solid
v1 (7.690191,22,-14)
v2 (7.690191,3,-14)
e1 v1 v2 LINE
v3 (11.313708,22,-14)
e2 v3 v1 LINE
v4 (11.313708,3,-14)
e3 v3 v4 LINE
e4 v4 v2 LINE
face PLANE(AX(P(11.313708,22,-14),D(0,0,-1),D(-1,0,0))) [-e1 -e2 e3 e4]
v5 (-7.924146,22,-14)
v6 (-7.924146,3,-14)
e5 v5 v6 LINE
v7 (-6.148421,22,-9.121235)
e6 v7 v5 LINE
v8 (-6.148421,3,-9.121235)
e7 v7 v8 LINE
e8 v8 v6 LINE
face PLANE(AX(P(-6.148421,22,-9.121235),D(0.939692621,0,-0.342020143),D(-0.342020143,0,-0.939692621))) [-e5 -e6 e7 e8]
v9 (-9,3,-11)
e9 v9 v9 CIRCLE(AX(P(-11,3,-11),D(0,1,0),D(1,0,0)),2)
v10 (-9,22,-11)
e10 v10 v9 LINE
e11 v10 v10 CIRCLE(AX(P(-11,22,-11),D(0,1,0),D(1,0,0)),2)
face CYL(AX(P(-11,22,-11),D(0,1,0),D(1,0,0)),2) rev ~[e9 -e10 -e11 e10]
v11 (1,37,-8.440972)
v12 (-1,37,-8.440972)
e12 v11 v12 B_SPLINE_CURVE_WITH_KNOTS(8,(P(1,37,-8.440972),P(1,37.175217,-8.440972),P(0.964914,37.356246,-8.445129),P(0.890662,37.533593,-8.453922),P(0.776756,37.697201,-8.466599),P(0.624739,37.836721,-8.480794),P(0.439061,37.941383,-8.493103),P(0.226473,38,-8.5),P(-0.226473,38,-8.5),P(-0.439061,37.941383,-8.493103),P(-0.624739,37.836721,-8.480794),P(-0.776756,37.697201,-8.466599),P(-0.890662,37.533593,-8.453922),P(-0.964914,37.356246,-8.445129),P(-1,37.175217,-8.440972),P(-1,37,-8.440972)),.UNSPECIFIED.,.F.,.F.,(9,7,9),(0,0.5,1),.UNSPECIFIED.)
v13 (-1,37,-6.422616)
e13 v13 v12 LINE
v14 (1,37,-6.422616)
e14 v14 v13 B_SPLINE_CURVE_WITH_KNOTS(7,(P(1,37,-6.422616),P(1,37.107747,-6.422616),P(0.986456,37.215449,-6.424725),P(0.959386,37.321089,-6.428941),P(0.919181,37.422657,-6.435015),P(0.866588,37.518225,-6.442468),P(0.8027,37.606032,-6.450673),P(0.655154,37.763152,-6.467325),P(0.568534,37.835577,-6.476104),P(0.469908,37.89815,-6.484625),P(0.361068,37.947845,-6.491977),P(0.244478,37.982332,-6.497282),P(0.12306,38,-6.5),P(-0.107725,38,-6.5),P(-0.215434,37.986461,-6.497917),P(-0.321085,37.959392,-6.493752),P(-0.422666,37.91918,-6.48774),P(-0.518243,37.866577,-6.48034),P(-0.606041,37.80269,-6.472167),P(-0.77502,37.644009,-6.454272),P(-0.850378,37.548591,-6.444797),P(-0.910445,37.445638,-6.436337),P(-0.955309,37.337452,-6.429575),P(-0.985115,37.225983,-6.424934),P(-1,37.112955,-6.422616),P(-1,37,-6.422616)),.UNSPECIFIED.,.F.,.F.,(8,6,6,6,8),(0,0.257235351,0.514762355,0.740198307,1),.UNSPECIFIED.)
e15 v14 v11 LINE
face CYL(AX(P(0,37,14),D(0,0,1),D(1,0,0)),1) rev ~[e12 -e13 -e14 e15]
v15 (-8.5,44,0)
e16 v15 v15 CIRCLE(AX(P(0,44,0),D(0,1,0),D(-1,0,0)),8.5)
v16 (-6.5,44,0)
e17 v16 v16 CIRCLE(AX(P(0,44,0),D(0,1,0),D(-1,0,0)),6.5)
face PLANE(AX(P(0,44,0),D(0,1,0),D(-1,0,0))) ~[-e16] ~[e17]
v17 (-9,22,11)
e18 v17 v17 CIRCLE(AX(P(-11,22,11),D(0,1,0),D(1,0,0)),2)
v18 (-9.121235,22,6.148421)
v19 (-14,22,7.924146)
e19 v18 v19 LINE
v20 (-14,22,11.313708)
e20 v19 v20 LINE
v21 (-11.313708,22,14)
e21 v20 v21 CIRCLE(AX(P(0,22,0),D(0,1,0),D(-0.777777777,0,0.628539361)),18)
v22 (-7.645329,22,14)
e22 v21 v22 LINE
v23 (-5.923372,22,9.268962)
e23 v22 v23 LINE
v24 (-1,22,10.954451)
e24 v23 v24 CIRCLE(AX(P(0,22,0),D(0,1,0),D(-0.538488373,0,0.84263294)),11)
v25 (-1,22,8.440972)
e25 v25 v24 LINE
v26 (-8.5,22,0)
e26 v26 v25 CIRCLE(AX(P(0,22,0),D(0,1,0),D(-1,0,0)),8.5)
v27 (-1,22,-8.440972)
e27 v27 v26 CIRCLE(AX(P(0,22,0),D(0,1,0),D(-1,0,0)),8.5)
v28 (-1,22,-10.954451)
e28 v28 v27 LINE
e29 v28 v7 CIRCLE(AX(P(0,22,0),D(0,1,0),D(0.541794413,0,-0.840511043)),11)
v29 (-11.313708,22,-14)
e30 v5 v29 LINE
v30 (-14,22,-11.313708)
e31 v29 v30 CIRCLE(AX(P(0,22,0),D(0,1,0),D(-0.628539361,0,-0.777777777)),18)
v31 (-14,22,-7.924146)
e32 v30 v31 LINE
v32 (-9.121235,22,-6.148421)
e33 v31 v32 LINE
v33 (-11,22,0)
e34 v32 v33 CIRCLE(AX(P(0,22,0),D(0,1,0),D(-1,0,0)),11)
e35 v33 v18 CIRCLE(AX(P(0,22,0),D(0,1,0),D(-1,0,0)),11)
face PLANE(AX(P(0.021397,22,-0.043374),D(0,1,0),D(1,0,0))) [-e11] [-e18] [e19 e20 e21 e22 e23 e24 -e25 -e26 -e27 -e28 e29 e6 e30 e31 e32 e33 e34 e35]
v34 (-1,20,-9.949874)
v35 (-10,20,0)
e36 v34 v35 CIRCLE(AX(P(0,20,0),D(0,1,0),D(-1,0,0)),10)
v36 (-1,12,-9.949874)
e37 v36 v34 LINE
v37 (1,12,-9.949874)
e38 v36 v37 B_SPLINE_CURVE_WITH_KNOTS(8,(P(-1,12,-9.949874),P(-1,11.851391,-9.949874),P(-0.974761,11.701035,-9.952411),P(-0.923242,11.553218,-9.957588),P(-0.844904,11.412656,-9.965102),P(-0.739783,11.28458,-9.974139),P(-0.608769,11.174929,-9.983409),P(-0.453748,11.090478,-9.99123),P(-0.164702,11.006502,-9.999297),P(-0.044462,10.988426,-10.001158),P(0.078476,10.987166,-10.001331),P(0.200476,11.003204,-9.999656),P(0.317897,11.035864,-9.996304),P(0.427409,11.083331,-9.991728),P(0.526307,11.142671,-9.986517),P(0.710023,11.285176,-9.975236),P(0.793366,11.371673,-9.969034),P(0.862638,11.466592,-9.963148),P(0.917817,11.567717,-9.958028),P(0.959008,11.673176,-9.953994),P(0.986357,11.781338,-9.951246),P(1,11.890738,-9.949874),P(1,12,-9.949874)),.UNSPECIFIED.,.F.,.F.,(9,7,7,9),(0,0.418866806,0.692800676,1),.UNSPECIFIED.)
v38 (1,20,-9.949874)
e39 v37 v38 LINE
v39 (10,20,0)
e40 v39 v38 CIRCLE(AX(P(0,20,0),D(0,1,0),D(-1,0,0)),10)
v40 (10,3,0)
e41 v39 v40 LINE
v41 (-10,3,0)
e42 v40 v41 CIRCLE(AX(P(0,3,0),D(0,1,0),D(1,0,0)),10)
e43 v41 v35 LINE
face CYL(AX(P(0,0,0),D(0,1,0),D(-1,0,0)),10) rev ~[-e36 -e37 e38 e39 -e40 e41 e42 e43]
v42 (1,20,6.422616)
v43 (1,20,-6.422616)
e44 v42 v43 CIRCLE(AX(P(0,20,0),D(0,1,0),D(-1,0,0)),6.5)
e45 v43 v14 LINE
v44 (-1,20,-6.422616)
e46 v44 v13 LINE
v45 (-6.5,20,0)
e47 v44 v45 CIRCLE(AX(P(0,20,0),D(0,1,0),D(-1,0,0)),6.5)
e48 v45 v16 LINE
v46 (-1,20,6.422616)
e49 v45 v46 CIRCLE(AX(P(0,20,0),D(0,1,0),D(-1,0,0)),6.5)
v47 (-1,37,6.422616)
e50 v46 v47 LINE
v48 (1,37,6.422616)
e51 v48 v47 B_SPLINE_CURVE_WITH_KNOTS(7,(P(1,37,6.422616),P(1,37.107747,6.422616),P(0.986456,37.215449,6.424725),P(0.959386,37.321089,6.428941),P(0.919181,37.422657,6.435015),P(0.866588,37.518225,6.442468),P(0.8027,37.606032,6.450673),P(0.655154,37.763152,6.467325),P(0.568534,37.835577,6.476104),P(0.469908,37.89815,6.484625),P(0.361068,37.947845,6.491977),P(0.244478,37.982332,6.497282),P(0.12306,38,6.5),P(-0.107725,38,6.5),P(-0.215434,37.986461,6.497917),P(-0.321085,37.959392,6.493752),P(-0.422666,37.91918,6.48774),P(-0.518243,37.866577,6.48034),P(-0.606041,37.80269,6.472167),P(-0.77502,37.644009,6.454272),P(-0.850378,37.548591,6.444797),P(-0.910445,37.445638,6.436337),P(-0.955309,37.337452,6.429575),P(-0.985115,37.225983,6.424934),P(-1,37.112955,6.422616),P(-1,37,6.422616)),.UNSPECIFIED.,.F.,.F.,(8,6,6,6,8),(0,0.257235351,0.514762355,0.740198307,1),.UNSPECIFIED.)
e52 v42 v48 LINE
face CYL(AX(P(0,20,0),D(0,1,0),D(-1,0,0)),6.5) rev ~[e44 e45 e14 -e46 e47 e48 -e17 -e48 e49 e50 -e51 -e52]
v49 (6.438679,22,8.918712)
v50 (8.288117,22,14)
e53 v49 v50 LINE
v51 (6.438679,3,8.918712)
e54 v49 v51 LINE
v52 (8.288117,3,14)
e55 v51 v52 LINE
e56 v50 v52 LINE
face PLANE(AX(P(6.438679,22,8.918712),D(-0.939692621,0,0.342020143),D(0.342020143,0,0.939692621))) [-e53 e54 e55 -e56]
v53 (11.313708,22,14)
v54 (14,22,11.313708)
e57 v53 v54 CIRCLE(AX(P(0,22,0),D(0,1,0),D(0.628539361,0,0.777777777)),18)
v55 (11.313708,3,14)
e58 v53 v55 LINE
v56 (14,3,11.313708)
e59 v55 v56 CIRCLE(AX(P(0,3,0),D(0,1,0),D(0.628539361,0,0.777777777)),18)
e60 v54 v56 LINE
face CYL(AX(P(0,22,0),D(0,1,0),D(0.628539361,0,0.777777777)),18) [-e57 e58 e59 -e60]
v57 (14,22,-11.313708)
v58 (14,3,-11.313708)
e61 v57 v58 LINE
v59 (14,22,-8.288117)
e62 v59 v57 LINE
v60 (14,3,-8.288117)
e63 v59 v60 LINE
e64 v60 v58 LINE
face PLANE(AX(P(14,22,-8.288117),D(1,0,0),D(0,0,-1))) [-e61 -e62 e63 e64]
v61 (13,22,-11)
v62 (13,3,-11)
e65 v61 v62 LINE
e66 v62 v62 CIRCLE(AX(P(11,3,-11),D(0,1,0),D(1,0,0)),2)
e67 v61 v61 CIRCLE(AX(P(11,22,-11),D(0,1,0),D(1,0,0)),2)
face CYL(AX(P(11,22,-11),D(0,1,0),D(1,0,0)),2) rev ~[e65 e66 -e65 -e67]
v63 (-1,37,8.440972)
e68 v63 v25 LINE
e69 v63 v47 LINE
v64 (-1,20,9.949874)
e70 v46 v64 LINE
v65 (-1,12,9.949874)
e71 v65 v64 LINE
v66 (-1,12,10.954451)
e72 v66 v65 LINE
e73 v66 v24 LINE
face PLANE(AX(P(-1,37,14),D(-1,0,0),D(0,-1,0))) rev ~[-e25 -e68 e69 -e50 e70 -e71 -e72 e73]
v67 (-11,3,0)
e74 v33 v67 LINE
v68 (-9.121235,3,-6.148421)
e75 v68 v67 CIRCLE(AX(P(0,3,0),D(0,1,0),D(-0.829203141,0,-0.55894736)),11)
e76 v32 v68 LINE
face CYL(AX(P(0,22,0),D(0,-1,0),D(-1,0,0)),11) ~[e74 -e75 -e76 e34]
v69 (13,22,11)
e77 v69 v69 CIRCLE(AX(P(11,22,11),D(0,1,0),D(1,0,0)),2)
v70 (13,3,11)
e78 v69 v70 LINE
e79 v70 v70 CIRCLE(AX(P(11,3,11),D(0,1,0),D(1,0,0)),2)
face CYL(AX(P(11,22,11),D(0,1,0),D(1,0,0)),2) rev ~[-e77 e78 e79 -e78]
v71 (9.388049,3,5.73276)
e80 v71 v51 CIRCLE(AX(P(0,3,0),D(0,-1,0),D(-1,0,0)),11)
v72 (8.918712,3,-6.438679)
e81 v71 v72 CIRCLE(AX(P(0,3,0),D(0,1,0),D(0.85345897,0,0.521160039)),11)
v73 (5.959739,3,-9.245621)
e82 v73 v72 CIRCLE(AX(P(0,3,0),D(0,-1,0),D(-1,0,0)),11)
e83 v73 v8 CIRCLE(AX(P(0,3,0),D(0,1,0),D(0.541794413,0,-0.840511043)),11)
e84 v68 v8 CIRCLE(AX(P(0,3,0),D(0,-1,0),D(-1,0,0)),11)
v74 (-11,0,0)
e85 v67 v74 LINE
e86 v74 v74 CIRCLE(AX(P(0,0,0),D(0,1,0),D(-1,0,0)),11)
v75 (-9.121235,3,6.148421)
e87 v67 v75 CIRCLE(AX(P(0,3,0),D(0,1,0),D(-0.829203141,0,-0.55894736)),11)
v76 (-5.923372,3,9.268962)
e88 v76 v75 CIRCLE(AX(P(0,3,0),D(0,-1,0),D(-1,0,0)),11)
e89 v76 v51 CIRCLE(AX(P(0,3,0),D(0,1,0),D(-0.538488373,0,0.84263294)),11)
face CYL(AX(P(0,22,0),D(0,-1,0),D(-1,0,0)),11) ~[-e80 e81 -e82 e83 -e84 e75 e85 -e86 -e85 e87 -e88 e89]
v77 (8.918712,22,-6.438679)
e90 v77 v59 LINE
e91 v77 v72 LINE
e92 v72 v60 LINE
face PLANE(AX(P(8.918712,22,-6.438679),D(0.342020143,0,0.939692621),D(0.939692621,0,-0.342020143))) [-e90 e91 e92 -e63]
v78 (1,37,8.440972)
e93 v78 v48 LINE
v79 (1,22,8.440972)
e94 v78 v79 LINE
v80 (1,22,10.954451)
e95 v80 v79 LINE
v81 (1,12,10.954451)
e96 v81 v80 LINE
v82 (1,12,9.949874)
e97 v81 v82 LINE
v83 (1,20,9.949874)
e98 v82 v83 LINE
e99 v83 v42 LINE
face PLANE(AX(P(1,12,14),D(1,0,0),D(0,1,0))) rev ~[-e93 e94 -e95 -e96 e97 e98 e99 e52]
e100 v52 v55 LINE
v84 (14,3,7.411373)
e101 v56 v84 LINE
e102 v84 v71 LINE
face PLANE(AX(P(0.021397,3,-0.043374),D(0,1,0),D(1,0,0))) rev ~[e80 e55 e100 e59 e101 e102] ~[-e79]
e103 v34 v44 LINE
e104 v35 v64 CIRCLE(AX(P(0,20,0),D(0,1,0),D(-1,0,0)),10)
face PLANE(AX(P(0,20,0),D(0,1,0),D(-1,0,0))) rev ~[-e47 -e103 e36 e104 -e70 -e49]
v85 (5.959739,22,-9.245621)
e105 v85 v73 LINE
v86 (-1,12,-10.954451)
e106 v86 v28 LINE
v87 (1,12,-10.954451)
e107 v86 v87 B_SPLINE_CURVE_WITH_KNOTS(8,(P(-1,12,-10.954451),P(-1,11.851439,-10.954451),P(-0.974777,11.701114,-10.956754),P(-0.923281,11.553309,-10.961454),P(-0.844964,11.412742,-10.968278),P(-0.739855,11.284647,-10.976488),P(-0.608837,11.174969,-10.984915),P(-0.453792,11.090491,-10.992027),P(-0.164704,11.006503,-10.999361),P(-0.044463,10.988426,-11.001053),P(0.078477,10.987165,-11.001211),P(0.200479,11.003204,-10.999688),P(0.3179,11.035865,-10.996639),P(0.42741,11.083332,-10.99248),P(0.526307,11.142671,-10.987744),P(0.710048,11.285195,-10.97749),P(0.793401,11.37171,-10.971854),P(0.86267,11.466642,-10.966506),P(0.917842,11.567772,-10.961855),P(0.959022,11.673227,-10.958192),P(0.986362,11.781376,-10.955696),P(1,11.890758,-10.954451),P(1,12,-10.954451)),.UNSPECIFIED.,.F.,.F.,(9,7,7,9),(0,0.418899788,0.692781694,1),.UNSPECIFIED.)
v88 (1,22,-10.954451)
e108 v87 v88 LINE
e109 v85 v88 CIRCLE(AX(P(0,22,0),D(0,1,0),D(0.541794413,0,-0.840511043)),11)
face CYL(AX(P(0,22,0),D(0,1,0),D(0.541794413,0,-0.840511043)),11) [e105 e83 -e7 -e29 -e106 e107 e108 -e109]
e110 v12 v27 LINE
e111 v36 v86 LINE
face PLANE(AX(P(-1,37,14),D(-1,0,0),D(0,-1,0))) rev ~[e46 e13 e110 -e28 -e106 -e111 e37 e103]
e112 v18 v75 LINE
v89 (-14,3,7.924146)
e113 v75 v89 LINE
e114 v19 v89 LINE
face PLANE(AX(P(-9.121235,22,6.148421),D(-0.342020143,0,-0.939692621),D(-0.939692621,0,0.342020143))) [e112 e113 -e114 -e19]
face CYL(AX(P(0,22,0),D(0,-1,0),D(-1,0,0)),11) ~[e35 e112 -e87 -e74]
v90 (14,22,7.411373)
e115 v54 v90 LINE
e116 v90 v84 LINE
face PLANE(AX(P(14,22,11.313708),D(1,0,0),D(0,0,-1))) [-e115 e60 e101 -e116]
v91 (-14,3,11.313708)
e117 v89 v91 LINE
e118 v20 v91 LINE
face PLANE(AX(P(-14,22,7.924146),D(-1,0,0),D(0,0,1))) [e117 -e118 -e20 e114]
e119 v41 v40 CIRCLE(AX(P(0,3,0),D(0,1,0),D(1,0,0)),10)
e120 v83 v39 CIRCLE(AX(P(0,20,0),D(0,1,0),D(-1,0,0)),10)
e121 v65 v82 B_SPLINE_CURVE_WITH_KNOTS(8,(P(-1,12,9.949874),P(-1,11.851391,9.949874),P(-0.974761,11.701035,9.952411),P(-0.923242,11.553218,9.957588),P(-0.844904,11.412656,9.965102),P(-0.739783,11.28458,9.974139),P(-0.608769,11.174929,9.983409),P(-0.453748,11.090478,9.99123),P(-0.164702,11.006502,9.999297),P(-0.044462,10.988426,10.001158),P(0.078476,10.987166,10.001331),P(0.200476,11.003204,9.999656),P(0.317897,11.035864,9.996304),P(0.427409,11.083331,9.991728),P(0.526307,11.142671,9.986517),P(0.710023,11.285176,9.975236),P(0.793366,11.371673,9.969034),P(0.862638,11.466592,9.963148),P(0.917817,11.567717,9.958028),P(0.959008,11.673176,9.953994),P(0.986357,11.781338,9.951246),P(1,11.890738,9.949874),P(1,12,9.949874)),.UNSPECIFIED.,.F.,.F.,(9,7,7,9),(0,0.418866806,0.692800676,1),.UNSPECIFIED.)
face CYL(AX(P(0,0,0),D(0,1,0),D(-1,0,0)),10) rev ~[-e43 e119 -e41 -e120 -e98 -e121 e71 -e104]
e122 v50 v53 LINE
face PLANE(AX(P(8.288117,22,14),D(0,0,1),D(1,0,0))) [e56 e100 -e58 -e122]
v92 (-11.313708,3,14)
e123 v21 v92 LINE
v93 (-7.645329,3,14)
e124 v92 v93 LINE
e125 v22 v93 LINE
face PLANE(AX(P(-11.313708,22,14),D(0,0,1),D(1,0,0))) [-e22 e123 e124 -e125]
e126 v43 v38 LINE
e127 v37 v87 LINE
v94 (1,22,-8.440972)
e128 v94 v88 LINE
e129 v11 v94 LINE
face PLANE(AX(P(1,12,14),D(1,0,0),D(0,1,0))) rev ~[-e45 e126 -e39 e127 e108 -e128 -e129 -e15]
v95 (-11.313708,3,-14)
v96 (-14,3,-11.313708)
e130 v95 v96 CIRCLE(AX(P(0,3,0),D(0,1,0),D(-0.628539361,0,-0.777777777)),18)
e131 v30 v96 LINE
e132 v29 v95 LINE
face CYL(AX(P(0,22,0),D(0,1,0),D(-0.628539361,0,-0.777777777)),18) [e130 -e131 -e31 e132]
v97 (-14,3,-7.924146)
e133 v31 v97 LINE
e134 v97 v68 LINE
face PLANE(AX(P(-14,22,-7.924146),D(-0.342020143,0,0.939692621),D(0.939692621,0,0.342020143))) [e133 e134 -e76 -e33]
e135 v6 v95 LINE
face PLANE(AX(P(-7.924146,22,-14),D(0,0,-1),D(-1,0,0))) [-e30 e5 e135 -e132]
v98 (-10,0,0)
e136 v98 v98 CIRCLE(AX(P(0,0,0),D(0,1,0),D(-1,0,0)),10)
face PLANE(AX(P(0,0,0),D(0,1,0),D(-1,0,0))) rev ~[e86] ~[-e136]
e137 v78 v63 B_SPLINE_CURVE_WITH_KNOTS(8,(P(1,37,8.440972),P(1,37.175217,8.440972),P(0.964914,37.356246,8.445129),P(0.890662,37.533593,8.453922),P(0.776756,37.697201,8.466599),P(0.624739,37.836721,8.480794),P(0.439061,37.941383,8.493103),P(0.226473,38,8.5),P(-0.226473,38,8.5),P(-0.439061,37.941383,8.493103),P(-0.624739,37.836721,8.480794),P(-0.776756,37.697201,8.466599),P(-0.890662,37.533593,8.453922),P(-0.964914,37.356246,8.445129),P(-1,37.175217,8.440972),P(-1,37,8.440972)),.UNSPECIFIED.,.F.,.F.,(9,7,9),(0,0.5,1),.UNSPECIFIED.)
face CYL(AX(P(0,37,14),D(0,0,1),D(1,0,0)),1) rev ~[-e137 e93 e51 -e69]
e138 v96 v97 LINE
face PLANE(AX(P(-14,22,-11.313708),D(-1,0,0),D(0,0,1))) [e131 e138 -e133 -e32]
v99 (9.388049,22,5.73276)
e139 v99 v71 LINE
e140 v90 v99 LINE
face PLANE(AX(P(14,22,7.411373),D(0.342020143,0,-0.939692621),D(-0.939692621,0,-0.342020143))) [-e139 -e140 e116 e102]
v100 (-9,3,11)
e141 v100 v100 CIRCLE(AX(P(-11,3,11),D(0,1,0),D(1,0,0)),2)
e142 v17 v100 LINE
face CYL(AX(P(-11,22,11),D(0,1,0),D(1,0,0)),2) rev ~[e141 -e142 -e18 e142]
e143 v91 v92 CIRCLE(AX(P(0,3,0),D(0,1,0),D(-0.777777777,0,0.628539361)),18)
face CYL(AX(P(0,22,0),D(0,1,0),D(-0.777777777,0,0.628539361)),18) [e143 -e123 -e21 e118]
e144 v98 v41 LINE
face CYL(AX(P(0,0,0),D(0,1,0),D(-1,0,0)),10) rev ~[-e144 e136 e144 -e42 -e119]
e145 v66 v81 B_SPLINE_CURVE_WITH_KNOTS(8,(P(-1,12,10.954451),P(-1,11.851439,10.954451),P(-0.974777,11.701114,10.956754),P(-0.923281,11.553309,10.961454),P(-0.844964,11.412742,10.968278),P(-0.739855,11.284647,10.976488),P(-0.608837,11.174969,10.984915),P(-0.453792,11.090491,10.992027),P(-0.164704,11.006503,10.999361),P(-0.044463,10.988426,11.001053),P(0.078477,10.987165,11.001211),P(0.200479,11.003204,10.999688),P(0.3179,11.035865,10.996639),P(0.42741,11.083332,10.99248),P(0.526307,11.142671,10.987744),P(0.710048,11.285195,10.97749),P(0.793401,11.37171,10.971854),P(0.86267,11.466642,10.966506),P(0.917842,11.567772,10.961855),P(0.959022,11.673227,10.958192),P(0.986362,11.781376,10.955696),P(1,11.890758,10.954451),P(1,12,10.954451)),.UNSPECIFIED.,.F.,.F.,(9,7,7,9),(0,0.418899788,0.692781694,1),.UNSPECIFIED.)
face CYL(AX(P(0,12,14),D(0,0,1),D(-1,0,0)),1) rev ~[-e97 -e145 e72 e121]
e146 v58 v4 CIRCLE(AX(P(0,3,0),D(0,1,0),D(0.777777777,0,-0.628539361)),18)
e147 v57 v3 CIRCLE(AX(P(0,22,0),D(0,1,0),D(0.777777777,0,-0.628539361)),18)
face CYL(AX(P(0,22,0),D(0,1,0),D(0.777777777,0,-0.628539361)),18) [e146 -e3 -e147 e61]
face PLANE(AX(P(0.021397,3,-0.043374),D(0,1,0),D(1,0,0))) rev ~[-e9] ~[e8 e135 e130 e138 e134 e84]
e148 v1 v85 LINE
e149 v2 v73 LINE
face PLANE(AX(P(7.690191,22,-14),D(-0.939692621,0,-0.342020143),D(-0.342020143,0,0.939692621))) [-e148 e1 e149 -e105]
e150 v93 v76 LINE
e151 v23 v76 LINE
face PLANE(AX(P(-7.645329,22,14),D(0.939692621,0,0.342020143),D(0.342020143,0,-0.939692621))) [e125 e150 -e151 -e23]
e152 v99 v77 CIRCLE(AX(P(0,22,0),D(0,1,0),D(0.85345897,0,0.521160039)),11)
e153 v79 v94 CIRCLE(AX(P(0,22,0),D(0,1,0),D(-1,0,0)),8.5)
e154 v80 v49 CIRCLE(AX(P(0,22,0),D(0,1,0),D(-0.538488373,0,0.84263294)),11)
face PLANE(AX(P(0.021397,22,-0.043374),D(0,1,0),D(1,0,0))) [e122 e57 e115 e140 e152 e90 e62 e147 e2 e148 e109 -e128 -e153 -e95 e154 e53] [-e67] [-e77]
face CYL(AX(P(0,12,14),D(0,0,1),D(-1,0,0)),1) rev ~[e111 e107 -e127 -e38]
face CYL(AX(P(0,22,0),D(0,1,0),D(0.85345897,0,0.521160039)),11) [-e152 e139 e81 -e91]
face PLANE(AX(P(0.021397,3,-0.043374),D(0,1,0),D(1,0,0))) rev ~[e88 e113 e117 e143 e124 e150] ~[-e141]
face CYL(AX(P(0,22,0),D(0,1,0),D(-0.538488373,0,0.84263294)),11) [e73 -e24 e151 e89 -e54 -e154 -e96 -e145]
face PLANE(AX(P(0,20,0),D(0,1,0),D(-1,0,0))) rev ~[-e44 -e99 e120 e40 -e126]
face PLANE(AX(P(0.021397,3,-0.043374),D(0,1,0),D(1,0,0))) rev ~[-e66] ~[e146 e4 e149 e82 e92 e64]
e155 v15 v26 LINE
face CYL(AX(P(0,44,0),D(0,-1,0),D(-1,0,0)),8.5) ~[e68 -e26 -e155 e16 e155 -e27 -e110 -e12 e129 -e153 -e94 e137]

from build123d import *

# Parameters (mm, degrees)
ESQUISSE3_R      = 2
ESQUISSE3_R_2    = 10
EXTRUSION2_DEPTH = 19
EXTRUSION4_DEPTH = 29


with BuildPart() as part:
    # Esquisse1 → Révolution1 (revolve)
    with BuildSketch(Plane.XY):
        Polygon((-6.5, 20), (-6.5, 44), (-8.5, 44), (-8.5, 22), (-11, 22), (-11, 0), (-10, 0), (-10, 20), align=None)
    revolve(axis=Axis((0, 0, 0), (0, 1, 0)))

    # Esquisse3 → Extrusion2 (add)
    with BuildSketch(Plane(origin=(0, 22, 0), x_dir=(1, 0, 0), z_dir=(0, 1, 0))):
        with BuildLine():
            Line((-11.313708499, -14), (-7.645328987, -14))
            Line((-7.645328987, -14), (-5.923372103, -9.268962344))
            ThreePointArc((-5.923372103, -9.268962344), (0.311535181, -10.995587562), (6.438678833, -8.918711504))
            Line((6.438678833, -8.918711504), (8.288116597, -14))
            Line((8.288116597, -14), (11.313708499, -14))
            ThreePointArc((11.313708499, -14), (12.727922061, -12.727922061), (14, -11.313708499))
            Line((14, -11.313708499), (14, -7.411373431))
            Line((14, -7.411373431), (9.388048674, -5.732760426))
            ThreePointArc((9.388048674, -5.732760426), (10.991831078, 0.423850851), (8.918711504, 6.438678833))
            Line((8.918711504, 6.438678833), (14, 8.288116597))
            Line((14, 8.288116597), (14, 11.313708499))
            ThreePointArc((14, 11.313708499), (12.727922061, 12.727922061), (11.313708499, 14))
            Line((11.313708499, 14), (7.690190806, 14))
            Line((7.690190806, 14), (5.959738542, 9.245621478))
            ThreePointArc((5.959738542, 9.245621478), (-0.112996861, 10.999419608), (-6.148420959, 9.12123455))
            Line((-6.148420959, 9.12123455), (-7.924146363, 14))
            Line((-7.924146363, 14), (-11.313708499, 14))
            ThreePointArc((-11.313708499, 14), (-12.727922061, 12.727922061), (-14, 11.313708499))
            Line((-14, 11.313708499), (-14, 7.924146363))
            Line((-14, 7.924146363), (-9.12123455, 6.148420959))
            ThreePointArc((-9.12123455, 6.148420959), (-11, 0), (-9.12123455, -6.148420959))
            Line((-9.12123455, -6.148420959), (-14, -7.924146363))
            Line((-14, -7.924146363), (-14, -11.313708499))
            ThreePointArc((-14, -11.313708499), (-12.727922061, -12.727922061), (-11.313708499, -14))
        make_face()
        with Locations((11, 11)):
            Circle(ESQUISSE3_R, mode=Mode.SUBTRACT)
        with Locations((-11, -11)):
            Circle(ESQUISSE3_R, mode=Mode.SUBTRACT)
        with Locations((-11, 11)):
            Circle(ESQUISSE3_R, mode=Mode.SUBTRACT)
        with Locations((11, -11)):
            Circle(ESQUISSE3_R, mode=Mode.SUBTRACT)
        Circle(ESQUISSE3_R_2, mode=Mode.SUBTRACT)
    extrude(amount=-EXTRUSION2_DEPTH)

    # Esquisse4 → Extrusion4 (cut, through all)
    with BuildSketch(Plane.XY.offset(14)):
        with BuildLine():
            Line((-1, 37), (-1, 12))
            ThreePointArc((-1, 12), (0, 11), (1, 12))
            Line((1, 12), (1, 37))
            ThreePointArc((1, 37), (0, 38), (-1, 37))
        make_face()
    extrude(amount=-EXTRUSION4_DEPTH, mode=Mode.SUBTRACT)


solid = part.part
